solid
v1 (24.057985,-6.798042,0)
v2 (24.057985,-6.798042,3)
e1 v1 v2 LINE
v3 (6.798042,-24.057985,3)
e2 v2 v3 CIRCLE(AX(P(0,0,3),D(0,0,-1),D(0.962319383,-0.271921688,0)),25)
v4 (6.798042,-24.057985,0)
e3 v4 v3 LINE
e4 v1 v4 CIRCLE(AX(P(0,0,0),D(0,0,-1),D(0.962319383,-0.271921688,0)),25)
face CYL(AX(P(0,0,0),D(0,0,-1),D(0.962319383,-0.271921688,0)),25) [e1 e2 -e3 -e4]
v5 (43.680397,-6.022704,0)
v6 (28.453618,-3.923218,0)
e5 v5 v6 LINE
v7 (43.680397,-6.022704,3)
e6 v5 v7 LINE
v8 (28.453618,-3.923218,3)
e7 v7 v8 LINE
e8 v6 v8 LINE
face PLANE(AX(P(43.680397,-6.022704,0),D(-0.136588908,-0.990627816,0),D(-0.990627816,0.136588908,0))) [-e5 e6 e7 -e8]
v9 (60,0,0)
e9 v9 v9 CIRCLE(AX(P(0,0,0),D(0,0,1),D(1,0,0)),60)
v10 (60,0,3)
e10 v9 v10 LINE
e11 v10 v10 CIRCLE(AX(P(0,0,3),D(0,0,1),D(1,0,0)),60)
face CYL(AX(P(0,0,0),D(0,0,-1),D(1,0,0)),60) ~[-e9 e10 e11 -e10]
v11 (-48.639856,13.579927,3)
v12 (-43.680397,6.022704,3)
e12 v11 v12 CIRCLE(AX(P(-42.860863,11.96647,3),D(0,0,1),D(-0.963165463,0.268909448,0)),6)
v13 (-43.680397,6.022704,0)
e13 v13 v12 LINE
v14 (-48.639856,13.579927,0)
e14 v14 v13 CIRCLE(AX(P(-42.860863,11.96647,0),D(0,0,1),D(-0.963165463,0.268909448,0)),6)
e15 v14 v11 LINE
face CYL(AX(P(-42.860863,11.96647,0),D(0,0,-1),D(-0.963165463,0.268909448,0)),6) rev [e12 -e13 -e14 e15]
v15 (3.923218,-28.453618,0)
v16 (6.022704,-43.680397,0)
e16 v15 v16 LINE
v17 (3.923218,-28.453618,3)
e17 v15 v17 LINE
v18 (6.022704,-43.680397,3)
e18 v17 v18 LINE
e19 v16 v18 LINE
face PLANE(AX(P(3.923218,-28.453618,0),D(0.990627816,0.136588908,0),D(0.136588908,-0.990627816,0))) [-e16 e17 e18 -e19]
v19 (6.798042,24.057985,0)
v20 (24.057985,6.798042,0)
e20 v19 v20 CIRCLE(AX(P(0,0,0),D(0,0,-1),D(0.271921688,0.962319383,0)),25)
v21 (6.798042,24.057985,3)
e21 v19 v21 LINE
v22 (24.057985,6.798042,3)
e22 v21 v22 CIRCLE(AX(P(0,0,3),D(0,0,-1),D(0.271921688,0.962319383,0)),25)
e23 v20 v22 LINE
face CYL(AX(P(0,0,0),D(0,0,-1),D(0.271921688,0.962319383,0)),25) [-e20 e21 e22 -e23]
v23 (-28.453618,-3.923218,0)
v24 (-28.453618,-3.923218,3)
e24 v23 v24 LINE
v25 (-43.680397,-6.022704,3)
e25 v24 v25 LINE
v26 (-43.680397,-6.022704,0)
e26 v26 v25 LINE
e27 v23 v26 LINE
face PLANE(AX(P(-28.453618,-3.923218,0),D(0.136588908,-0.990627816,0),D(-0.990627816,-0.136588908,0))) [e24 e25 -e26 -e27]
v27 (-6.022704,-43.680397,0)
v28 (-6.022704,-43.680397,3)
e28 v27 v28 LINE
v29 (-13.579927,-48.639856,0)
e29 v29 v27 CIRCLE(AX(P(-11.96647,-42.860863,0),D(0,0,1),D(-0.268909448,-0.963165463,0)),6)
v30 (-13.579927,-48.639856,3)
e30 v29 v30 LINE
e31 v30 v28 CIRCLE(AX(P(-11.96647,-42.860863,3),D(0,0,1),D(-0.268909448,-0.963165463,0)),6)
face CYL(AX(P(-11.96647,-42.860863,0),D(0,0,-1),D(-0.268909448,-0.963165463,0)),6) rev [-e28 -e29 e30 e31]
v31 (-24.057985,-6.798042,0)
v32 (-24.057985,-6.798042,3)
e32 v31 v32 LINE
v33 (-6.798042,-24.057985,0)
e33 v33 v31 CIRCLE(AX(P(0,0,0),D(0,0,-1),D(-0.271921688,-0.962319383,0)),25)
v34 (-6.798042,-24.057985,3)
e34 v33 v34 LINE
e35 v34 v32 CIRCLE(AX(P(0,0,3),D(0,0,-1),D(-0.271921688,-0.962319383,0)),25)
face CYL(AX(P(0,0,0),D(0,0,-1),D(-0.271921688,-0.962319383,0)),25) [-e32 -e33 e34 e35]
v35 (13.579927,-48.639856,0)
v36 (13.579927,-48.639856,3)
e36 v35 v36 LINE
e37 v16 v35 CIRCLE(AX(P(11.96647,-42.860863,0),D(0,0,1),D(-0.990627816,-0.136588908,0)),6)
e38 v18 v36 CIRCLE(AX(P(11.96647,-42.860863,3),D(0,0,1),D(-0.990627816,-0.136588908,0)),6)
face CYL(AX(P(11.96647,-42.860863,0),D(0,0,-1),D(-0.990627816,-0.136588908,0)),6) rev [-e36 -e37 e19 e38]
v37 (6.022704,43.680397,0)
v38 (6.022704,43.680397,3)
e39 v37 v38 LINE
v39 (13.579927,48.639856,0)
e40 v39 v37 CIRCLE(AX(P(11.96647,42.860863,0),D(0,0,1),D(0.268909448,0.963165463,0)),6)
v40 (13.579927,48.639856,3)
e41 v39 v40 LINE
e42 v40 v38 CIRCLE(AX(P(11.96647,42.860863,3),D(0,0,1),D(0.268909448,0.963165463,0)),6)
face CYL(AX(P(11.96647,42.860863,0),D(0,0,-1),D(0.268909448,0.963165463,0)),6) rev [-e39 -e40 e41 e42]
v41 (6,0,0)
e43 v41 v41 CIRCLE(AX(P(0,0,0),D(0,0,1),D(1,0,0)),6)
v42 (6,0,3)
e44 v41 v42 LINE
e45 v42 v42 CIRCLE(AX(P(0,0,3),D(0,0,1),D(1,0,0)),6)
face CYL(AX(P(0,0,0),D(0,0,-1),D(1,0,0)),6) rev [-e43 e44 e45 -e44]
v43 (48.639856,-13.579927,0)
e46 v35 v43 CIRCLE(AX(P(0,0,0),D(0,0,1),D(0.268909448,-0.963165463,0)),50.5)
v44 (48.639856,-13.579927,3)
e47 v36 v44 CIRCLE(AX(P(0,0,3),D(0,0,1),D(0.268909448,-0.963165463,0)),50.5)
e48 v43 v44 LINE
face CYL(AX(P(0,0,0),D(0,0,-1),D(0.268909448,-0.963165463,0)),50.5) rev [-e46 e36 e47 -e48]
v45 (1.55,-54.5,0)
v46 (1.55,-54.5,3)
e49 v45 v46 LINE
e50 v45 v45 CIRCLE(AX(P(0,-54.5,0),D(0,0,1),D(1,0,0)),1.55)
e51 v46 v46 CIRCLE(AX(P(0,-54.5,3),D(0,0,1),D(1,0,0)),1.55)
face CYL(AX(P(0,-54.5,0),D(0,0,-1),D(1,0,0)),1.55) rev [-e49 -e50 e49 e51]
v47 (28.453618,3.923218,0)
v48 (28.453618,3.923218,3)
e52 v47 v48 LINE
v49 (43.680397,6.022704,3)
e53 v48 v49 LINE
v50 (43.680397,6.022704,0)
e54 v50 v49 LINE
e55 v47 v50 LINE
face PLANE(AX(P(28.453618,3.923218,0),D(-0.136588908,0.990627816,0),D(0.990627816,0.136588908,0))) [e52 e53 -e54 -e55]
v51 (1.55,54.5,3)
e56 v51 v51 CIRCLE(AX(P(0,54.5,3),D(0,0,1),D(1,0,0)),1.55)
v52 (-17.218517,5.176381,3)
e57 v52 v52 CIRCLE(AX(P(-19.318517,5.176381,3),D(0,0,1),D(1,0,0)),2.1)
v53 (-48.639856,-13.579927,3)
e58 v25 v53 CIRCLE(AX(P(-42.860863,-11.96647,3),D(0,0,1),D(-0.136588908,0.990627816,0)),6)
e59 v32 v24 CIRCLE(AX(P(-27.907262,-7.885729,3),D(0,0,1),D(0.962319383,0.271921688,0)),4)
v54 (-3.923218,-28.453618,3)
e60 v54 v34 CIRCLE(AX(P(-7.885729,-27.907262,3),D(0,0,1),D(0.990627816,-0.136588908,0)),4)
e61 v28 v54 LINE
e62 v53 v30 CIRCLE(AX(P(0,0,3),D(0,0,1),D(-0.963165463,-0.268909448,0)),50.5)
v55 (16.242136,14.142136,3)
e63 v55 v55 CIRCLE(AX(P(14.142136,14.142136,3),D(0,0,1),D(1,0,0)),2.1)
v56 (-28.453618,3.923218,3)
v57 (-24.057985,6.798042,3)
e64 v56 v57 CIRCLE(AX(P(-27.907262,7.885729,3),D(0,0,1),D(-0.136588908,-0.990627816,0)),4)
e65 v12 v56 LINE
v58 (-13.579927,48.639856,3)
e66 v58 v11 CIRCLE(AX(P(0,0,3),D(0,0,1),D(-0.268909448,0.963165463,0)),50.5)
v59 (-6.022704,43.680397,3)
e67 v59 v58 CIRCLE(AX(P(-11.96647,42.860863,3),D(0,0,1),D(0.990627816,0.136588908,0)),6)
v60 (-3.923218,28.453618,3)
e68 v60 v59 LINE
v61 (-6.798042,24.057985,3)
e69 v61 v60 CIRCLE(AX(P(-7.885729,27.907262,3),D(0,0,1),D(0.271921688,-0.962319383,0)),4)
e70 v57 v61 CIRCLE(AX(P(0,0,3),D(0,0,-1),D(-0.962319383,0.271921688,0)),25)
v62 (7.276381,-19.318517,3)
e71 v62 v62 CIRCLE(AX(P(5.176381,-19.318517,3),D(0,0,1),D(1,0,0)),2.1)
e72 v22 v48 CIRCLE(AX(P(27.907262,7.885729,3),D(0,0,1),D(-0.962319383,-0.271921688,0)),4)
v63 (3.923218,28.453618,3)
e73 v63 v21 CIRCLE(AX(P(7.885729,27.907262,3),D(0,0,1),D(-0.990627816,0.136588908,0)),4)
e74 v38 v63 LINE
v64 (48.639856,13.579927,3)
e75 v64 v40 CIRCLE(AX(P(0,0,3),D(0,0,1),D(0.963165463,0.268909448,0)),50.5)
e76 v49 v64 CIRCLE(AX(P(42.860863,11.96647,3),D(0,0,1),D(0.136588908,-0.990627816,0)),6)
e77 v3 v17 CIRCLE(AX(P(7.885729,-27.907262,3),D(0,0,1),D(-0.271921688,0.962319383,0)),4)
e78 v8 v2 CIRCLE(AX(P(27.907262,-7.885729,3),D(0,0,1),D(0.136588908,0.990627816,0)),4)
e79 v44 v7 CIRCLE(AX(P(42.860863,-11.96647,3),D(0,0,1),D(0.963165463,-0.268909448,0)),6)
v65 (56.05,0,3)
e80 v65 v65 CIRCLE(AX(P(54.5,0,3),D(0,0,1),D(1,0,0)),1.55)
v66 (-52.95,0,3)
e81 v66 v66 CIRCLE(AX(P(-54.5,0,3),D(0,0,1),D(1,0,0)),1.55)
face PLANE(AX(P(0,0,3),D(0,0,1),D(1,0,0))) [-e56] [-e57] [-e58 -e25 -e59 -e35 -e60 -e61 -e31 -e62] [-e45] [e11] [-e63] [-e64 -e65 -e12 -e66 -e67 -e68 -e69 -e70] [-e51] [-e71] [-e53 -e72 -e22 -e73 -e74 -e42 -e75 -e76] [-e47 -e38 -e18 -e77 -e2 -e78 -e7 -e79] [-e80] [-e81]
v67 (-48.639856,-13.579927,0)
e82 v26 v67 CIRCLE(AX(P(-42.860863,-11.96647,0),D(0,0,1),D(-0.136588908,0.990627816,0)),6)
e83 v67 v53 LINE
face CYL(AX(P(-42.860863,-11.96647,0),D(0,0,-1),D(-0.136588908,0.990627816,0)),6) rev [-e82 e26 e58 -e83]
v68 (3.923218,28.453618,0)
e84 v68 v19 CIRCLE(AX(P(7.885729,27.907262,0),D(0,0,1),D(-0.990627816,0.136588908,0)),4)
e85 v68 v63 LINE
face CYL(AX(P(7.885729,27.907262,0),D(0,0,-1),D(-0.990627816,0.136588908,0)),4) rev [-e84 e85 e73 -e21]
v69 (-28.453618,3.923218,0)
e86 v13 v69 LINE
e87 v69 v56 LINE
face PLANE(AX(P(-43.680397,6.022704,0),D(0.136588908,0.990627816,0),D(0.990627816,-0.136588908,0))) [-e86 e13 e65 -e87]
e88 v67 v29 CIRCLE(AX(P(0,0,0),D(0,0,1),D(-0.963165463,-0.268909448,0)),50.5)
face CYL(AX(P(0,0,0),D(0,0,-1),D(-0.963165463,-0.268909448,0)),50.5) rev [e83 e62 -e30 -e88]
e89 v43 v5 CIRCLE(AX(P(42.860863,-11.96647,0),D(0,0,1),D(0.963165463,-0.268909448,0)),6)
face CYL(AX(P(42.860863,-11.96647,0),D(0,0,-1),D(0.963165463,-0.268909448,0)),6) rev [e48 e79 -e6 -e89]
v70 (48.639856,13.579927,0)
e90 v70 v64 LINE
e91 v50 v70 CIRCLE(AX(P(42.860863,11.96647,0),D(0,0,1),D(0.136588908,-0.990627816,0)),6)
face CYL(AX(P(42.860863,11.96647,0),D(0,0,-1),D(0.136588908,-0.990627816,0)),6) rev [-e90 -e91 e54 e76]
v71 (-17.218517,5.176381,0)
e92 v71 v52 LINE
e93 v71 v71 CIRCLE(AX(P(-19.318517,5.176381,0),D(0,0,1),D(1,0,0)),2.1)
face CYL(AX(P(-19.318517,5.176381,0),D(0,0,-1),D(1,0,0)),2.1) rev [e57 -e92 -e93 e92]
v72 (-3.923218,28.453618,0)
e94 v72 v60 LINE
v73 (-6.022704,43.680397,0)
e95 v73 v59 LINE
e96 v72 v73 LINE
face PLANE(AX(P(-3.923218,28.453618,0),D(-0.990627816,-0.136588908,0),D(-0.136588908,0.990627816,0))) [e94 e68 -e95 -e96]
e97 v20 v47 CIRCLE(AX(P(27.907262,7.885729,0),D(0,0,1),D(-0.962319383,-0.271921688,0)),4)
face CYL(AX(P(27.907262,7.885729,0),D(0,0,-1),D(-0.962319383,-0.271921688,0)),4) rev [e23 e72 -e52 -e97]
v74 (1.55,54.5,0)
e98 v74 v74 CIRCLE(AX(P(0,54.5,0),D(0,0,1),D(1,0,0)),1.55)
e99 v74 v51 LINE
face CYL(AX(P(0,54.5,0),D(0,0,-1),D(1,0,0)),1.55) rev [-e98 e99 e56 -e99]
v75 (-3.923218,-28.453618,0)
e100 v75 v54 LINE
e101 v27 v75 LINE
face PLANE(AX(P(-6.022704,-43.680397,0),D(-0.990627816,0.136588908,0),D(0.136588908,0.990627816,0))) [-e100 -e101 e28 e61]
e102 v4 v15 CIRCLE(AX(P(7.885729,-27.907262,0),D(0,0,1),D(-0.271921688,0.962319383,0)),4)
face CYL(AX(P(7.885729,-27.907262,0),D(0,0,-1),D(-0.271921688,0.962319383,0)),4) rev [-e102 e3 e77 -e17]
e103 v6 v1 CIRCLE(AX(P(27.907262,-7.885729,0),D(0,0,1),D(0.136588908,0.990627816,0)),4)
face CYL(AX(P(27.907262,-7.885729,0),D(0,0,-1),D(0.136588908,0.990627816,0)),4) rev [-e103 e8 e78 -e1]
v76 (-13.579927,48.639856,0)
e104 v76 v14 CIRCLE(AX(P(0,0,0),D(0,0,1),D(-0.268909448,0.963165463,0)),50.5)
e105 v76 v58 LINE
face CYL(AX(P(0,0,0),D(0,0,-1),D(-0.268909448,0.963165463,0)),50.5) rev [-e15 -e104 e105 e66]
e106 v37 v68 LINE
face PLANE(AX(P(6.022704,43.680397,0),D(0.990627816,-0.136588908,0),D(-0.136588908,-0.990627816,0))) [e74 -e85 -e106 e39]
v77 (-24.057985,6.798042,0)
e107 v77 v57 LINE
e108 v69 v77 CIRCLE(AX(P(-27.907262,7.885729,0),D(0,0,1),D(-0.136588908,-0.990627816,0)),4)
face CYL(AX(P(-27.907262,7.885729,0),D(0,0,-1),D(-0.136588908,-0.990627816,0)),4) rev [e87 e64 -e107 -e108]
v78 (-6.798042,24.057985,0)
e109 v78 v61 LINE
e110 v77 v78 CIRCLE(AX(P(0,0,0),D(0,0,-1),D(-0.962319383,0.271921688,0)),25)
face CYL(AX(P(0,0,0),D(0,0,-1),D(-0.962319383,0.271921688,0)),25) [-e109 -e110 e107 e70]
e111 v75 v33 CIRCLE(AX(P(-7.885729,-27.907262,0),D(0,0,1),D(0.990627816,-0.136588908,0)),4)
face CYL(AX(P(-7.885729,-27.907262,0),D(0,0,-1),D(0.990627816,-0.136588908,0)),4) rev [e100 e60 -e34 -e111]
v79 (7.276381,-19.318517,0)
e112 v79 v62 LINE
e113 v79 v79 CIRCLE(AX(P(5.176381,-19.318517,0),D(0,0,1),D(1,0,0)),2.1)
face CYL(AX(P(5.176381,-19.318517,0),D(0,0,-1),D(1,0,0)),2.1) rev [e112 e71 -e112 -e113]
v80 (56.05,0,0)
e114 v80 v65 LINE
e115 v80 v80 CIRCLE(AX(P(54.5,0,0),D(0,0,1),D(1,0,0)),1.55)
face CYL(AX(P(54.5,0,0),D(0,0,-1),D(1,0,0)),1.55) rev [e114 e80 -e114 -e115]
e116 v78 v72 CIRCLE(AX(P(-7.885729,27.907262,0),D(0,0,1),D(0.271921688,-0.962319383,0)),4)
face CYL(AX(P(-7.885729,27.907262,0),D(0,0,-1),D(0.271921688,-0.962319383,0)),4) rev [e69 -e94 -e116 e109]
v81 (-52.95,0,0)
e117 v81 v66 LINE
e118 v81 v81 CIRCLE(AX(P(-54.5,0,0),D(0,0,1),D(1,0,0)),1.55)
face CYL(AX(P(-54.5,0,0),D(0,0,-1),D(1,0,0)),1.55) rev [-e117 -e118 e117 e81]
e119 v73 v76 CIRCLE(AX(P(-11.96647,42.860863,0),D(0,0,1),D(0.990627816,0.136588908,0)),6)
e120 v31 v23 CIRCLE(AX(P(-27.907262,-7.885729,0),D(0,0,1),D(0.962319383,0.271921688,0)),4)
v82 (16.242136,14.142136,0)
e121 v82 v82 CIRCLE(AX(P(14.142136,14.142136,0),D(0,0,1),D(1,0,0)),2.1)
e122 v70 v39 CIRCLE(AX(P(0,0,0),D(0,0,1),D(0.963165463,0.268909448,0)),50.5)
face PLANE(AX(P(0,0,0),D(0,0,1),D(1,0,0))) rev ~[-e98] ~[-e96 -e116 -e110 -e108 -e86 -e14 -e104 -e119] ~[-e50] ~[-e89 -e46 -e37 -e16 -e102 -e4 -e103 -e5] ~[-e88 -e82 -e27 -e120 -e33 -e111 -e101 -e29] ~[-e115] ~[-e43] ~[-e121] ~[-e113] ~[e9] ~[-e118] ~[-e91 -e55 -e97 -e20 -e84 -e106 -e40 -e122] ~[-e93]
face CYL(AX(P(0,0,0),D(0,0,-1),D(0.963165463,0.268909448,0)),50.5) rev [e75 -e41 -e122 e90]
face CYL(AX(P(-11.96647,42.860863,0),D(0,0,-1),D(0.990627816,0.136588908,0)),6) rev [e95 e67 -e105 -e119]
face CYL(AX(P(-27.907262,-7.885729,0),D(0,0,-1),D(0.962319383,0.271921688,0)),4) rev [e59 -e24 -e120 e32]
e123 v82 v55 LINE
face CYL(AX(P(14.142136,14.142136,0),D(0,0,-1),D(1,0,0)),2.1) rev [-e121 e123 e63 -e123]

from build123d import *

# Parameters (mm, degrees)
SKETCH_1_R      = 60
SKETCH_1_R_2    = 1.55
SKETCH_1_R_3    = 2.1
SKETCH_1_R_4    = 6
EXTRUDE_1_DEPTH = 3


with BuildPart() as part:
    # 草图1 → 凸台-拉伸1 (new body)
    with BuildSketch(Plane.XY):
        Circle(SKETCH_1_R)
        with Locations((0, 54.5)):
            Circle(SKETCH_1_R_2, mode=Mode.SUBTRACT)
        with Locations((-54.5, 0)):
            Circle(SKETCH_1_R_2, mode=Mode.SUBTRACT)
        with Locations((0, -54.5)):
            Circle(SKETCH_1_R_2, mode=Mode.SUBTRACT)
        with Locations((54.5, 0)):
            Circle(SKETCH_1_R_2, mode=Mode.SUBTRACT)
        with Locations((14.142135624, 14.142135624)):
            Circle(SKETCH_1_R_3, mode=Mode.SUBTRACT)
        with Locations((5.176380902, -19.318516526)):
            Circle(SKETCH_1_R_3, mode=Mode.SUBTRACT)
        with Locations((-19.318516526, 5.176380902)):
            Circle(SKETCH_1_R_3, mode=Mode.SUBTRACT)
        Circle(SKETCH_1_R_4, mode=Mode.SUBTRACT)
        with BuildLine():
            Line((3.923217687, -28.453617749), (6.022703538, -43.680396542))
            ThreePointArc((6.022703538, -43.680396542), (8.67451724, -47.877141015), (13.579927123, -48.639855873))
            ThreePointArc((13.579927123, -48.639855873), (35.70889245, -35.70889245), (48.639855873, -13.579927123))
            ThreePointArc((48.639855873, -13.579927123), (47.877141015, -8.67451724), (43.680396542, -6.022703538))
            Line((43.680396542, -6.022703538), (28.453617749, -3.923217687))
            ThreePointArc((28.453617749, -3.923217687), (25.717860997, -4.538114468), (24.057984584, -6.7980422))
            ThreePointArc((24.057984584, -6.7980422), (17.67766953, -17.67766953), (6.7980422, -24.057984584))
            ThreePointArc((6.7980422, -24.057984584), (4.538114468, -25.717860997), (3.923217687, -28.453617749))
        make_face(mode=Mode.SUBTRACT)
        with BuildLine():
            Line((28.453617749, 3.923217687), (43.680396542, 6.022703538))
            ThreePointArc((43.680396542, 6.022703538), (47.877141015, 8.67451724), (48.639855873, 13.579927123))
            ThreePointArc((48.639855873, 13.579927123), (35.70889245, 35.70889245), (13.579927123, 48.639855873))
            ThreePointArc((13.579927123, 48.639855873), (8.67451724, 47.877141015), (6.022703538, 43.680396542))
            Line((6.022703538, 43.680396542), (3.923217687, 28.453617749))
            ThreePointArc((3.923217687, 28.453617749), (4.538114468, 25.717860997), (6.7980422, 24.057984584))
            ThreePointArc((6.7980422, 24.057984584), (17.67766953, 17.67766953), (24.057984584, 6.7980422))
            ThreePointArc((24.057984584, 6.7980422), (25.717860997, 4.538114468), (28.453617749, 3.923217687))
        make_face(mode=Mode.SUBTRACT)
        with BuildLine():
            Line((-28.453617749, -3.923217687), (-43.680396542, -6.022703538))
            ThreePointArc((-43.680396542, -6.022703538), (-47.877141015, -8.67451724), (-48.639855873, -13.579927123))
            ThreePointArc((-48.639855873, -13.579927123), (-35.70889245, -35.70889245), (-13.579927123, -48.639855873))
            ThreePointArc((-13.579927123, -48.639855873), (-8.67451724, -47.877141015), (-6.022703538, -43.680396542))
            Line((-6.022703538, -43.680396542), (-3.923217687, -28.453617749))
            ThreePointArc((-3.923217687, -28.453617749), (-4.538114468, -25.717860997), (-6.7980422, -24.057984584))
            ThreePointArc((-6.7980422, -24.057984584), (-17.67766953, -17.67766953), (-24.057984584, -6.7980422))
            ThreePointArc((-24.057984584, -6.7980422), (-25.717860997, -4.538114468), (-28.453617749, -3.923217687))
        make_face(mode=Mode.SUBTRACT)
        with BuildLine():
            Line((-3.923217687, 28.453617749), (-6.022703538, 43.680396542))
            ThreePointArc((-6.022703538, 43.680396542), (-8.67451724, 47.877141015), (-13.579927123, 48.639855873))
            ThreePointArc((-13.579927123, 48.639855873), (-35.70889245, 35.70889245), (-48.639855873, 13.579927123))
            ThreePointArc((-48.639855873, 13.579927123), (-47.877141015, 8.67451724), (-43.680396542, 6.022703538))
            Line((-43.680396542, 6.022703538), (-28.453617749, 3.923217687))
            ThreePointArc((-28.453617749, 3.923217687), (-25.717860997, 4.538114468), (-24.057984584, 6.7980422))
            ThreePointArc((-24.057984584, 6.7980422), (-17.67766953, 17.67766953), (-6.7980422, 24.057984584))
            ThreePointArc((-6.7980422, 24.057984584), (-4.538114468, 25.717860997), (-3.923217687, 28.453617749))
        make_face(mode=Mode.SUBTRACT)
    extrude(amount=EXTRUDE_1_DEPTH)


solid = part.part
